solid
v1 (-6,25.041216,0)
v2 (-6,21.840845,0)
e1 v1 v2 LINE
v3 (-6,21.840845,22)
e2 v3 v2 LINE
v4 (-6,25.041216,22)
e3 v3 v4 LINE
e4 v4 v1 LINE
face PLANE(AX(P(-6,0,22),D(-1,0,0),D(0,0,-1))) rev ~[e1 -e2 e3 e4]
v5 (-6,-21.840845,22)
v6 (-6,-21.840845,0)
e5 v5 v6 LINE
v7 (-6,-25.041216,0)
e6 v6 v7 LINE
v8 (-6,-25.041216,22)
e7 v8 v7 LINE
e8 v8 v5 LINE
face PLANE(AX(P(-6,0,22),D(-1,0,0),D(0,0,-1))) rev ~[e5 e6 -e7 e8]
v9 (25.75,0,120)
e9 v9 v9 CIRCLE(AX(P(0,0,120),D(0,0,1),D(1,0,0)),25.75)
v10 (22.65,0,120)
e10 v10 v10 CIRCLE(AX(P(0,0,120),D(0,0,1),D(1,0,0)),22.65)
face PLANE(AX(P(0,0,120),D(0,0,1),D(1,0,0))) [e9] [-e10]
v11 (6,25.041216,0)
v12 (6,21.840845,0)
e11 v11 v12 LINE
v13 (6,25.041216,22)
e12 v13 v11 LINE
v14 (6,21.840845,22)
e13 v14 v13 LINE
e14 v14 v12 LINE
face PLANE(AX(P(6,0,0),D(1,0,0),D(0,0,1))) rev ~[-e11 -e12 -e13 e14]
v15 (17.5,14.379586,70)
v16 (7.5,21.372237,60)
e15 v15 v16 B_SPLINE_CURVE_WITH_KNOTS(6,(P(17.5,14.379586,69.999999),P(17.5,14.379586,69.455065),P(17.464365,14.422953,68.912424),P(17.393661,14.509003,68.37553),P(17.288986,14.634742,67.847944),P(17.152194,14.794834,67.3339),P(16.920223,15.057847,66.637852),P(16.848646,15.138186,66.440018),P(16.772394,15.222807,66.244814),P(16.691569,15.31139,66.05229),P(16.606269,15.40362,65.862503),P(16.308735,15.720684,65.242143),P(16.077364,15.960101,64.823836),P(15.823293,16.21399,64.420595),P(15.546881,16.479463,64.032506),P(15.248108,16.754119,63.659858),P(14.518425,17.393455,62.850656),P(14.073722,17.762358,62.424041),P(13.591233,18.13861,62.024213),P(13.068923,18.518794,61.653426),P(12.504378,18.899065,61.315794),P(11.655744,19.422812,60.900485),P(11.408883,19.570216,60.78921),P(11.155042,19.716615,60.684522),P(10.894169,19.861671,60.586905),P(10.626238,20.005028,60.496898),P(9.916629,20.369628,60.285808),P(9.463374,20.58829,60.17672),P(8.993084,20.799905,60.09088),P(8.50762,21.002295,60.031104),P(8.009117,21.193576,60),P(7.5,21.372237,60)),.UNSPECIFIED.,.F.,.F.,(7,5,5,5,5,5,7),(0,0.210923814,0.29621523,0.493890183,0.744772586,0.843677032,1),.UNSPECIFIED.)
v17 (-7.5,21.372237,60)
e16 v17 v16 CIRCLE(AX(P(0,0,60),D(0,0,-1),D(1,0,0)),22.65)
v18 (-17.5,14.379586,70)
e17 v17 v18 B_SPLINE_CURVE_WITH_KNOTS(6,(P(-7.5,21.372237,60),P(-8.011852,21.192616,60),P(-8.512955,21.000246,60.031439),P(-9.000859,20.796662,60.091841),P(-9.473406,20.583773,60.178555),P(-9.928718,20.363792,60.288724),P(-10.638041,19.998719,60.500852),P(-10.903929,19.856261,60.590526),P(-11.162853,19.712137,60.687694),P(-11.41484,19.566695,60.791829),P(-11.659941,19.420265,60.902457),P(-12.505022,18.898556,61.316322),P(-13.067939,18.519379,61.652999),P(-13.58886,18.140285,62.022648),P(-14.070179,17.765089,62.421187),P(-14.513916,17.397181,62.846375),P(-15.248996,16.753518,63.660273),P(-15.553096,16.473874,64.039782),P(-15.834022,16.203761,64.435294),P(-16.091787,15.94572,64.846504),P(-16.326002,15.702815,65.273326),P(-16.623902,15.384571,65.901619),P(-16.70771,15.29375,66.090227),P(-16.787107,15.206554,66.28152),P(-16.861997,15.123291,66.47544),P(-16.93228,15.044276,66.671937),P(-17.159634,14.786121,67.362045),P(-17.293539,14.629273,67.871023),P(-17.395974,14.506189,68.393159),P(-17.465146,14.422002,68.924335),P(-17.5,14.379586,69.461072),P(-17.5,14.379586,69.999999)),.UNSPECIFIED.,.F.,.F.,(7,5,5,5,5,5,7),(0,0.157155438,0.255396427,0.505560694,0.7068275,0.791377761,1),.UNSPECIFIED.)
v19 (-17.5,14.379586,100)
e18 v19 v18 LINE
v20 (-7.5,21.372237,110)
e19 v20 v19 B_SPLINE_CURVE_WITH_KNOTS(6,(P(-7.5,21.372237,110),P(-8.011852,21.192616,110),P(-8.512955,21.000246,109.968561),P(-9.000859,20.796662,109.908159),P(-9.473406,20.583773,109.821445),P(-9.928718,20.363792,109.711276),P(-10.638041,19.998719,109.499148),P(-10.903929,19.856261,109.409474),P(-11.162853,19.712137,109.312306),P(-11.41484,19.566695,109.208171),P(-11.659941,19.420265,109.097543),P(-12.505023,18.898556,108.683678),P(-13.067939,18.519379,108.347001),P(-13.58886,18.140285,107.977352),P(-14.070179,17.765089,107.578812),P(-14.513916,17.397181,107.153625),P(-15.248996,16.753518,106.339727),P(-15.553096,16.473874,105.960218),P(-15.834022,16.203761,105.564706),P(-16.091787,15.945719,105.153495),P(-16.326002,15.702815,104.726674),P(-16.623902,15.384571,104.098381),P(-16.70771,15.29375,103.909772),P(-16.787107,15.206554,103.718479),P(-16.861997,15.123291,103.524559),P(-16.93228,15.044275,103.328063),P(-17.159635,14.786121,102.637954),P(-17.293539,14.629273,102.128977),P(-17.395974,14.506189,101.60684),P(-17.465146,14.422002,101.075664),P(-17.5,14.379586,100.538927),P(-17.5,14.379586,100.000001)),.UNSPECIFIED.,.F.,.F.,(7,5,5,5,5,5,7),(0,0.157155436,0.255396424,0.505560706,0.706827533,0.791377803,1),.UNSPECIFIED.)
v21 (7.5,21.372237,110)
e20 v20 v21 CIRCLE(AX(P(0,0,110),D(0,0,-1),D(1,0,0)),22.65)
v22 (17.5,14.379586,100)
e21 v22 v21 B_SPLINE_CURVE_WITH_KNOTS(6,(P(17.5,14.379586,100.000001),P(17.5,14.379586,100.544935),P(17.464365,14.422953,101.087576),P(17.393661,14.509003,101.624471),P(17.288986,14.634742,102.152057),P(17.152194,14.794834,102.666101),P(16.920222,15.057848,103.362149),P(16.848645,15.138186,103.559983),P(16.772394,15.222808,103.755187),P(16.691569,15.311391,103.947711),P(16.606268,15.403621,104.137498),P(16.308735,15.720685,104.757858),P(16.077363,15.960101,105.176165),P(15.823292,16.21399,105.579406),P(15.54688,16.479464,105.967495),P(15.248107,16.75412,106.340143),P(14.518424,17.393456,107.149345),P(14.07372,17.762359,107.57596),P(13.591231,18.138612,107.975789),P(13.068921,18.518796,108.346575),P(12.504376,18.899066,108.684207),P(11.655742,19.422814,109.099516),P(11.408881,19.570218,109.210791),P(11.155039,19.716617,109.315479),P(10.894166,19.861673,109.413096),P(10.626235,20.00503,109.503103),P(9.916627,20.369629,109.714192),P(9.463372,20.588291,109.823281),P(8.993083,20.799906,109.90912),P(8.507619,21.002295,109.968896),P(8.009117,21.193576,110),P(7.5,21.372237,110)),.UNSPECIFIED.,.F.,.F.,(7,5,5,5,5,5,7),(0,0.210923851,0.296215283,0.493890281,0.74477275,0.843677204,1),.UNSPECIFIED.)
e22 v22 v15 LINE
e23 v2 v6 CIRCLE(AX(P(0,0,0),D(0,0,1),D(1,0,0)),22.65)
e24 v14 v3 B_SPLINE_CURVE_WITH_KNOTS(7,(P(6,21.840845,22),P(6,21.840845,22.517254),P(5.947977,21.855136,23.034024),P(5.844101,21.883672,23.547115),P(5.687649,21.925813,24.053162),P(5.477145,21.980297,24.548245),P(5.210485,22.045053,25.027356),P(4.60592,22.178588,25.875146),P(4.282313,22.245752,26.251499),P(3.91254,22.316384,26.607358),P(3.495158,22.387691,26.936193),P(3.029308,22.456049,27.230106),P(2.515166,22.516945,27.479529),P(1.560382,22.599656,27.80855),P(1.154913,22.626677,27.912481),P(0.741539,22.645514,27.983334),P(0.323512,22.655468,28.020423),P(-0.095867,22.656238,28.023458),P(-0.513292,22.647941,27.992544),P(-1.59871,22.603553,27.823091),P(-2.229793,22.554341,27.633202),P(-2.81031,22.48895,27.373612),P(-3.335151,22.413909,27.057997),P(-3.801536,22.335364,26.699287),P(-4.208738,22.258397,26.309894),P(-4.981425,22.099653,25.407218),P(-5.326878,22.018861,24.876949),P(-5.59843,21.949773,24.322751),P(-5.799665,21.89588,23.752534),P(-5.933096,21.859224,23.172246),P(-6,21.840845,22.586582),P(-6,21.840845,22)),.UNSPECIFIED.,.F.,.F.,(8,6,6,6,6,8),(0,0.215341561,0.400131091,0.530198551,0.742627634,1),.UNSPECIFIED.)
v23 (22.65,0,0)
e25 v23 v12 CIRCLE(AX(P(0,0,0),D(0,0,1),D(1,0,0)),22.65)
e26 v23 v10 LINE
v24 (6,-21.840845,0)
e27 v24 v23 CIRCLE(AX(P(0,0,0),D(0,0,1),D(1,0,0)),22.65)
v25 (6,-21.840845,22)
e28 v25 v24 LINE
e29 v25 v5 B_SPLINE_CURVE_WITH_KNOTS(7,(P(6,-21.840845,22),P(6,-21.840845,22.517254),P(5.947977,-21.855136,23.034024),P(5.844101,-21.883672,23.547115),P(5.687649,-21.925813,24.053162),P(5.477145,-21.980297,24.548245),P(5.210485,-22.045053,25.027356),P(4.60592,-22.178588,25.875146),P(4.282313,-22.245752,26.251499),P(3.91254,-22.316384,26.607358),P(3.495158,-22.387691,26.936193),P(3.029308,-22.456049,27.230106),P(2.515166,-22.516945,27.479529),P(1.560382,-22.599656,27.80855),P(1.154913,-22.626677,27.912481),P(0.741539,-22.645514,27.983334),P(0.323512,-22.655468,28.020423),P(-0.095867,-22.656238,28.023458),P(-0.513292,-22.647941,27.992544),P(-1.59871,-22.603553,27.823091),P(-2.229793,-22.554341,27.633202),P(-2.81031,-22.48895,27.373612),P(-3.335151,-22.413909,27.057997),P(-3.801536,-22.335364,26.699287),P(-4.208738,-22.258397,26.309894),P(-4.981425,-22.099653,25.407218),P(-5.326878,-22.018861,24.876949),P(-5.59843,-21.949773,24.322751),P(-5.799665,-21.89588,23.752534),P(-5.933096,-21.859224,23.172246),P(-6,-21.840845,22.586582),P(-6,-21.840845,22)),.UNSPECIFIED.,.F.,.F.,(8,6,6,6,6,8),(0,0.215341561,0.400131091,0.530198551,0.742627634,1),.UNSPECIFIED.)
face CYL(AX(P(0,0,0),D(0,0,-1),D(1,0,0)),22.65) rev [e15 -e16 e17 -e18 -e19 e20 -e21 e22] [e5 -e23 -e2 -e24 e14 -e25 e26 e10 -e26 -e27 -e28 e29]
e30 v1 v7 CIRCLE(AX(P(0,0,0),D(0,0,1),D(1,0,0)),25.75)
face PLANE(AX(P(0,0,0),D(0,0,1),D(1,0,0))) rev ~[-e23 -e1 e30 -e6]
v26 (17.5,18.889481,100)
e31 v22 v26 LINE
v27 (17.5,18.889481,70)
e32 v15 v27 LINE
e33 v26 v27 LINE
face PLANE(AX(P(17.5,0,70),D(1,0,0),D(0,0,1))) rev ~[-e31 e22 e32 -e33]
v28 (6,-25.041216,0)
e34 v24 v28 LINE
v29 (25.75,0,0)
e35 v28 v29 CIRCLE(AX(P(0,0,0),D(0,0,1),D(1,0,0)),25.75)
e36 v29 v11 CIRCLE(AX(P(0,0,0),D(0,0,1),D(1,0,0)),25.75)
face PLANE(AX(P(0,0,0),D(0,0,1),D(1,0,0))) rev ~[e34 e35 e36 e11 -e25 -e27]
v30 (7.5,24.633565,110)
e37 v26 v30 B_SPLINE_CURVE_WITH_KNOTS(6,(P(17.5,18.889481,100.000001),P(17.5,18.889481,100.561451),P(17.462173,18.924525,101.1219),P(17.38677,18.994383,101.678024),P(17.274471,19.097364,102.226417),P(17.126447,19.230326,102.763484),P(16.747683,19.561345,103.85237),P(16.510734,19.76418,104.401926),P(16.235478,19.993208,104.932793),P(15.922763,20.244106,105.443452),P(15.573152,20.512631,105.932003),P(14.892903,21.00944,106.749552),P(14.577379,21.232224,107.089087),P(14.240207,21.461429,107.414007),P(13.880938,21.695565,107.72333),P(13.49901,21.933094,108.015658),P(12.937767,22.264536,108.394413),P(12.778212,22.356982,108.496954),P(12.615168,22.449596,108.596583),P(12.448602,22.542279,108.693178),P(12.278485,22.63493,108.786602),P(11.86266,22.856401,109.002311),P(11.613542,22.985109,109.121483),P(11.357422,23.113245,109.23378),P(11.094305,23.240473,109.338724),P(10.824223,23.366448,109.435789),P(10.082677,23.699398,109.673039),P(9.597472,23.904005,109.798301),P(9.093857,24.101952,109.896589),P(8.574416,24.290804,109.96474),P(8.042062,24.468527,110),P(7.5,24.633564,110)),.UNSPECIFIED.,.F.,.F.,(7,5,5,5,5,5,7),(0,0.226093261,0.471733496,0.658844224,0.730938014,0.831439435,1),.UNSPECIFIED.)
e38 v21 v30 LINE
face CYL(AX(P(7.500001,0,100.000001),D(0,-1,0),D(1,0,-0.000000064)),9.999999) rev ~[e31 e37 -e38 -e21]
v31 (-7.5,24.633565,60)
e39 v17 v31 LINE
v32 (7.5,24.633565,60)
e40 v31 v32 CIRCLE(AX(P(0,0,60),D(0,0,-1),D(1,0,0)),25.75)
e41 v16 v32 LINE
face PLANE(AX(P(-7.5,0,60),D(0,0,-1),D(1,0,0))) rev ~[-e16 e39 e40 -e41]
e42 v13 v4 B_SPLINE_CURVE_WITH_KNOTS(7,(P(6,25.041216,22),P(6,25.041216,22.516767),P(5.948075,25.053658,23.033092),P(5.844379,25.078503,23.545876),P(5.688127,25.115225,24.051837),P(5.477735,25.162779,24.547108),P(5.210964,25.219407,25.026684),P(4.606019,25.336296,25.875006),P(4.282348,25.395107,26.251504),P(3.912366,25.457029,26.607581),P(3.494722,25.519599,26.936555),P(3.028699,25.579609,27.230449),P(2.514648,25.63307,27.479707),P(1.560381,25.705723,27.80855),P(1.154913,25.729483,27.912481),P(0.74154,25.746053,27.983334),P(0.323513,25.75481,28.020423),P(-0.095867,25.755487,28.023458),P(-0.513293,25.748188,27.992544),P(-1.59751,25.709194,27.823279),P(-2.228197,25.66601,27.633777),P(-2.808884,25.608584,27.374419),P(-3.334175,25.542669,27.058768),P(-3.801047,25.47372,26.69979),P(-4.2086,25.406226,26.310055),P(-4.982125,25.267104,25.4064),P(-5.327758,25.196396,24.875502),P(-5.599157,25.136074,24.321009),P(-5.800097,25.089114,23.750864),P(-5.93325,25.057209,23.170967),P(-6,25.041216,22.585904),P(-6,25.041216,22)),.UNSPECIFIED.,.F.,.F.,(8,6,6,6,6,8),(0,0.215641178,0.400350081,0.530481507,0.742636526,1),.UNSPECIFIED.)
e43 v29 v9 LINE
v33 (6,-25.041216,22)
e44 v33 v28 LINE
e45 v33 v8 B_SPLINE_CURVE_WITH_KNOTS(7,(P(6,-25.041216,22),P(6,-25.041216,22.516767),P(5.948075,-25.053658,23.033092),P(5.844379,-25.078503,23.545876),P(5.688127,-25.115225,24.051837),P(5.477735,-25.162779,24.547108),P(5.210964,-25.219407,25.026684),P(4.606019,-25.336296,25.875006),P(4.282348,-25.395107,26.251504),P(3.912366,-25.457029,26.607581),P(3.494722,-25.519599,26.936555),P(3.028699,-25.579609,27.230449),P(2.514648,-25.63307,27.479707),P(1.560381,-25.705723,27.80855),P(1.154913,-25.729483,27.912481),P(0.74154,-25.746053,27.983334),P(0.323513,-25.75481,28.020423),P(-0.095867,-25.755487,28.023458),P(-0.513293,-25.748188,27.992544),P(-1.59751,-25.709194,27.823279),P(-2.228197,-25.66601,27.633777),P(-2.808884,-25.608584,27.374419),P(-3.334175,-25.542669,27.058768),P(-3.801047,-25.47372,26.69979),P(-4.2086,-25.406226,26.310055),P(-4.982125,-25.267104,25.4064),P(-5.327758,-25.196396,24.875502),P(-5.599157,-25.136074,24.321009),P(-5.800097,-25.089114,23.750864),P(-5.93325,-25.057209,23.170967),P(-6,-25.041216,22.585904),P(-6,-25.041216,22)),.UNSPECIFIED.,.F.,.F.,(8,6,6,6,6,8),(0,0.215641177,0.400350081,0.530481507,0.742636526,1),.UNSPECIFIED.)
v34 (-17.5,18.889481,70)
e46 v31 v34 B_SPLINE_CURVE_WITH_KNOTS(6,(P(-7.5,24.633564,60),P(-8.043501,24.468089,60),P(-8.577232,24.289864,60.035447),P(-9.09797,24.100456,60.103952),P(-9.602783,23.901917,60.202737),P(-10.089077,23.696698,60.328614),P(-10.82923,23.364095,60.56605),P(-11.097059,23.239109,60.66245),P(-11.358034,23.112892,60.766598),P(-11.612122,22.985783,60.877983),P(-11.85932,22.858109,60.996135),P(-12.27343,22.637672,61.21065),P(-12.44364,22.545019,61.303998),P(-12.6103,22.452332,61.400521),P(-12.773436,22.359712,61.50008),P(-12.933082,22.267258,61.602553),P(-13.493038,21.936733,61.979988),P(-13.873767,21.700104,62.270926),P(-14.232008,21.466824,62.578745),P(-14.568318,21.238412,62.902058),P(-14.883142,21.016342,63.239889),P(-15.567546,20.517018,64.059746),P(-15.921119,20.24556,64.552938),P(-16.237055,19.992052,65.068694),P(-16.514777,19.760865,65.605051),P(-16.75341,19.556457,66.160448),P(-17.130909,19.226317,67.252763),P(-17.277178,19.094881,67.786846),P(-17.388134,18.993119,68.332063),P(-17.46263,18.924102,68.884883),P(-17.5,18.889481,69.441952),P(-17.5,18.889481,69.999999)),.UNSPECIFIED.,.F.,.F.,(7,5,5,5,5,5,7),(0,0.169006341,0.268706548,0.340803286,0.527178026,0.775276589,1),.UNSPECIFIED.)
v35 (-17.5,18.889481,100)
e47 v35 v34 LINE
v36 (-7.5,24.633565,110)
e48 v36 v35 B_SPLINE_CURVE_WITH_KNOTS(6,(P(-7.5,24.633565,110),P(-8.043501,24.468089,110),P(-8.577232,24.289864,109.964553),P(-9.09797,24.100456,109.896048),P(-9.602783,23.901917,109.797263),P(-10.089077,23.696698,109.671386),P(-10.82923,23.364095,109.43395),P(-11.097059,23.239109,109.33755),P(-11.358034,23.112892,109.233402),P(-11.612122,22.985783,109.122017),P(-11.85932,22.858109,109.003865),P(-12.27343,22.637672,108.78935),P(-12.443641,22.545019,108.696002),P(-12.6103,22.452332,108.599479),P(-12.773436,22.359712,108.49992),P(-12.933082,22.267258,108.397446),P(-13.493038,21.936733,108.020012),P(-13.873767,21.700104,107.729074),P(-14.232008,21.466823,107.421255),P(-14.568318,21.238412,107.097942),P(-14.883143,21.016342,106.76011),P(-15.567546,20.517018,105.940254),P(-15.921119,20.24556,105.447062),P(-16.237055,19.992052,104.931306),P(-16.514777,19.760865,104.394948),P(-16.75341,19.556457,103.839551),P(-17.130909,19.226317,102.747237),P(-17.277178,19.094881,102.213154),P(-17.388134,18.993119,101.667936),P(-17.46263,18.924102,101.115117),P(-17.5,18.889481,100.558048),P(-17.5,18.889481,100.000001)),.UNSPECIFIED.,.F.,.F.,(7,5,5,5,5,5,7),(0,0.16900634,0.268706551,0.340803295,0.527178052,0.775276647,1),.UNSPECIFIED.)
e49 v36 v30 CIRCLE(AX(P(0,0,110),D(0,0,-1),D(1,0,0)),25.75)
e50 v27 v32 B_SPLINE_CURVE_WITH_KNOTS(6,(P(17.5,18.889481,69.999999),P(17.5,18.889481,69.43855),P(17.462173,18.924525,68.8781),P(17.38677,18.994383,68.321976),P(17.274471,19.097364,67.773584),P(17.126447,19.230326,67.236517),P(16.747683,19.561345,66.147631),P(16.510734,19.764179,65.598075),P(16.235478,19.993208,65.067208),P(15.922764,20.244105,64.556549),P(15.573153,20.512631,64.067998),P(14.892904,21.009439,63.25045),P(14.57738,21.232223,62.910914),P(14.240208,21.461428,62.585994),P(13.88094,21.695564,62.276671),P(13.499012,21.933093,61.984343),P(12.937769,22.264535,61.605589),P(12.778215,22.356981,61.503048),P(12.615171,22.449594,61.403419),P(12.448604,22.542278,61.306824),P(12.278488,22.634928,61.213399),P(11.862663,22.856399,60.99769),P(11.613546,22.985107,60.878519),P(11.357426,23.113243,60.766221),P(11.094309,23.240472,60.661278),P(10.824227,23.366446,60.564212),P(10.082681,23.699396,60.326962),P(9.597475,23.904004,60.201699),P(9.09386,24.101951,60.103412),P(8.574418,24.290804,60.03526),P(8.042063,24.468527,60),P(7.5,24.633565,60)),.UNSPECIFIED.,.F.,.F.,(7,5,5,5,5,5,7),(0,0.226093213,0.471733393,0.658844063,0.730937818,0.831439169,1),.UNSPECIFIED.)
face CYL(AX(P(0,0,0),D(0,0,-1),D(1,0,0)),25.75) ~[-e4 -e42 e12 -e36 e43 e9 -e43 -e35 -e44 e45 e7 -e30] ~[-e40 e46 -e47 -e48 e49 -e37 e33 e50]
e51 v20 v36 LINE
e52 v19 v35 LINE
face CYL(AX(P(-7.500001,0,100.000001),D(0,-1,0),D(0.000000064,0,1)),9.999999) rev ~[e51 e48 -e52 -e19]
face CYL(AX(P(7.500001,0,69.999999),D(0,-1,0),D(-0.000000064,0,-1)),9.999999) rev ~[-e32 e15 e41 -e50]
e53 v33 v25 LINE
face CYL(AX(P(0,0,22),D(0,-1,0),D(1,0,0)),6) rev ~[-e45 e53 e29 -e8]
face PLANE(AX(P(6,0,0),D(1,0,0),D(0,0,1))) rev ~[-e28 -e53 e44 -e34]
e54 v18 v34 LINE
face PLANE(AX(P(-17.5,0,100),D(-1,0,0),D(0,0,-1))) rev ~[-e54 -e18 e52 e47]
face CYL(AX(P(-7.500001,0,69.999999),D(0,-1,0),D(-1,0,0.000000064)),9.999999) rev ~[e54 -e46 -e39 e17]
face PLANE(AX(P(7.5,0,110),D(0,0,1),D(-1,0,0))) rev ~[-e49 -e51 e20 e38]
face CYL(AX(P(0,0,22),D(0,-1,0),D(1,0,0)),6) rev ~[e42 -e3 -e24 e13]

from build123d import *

# Parameters (mm, degrees)
F0_R     = 25.75
F0_R_2   = 22.65
F1_DEPTH = 120
F3_DEPTH = 25.751
F4_DEPTH = 30


with BuildPart() as f1:
    # F0 (on Top) → F1 (new body)
    with BuildSketch(Plane.XY):
        Circle(F0_R)
        Circle(F0_R_2, mode=Mode.SUBTRACT)
    extrude(amount=F1_DEPTH)

    # F2 (on Front) → F3 (cut, through all)
    with BuildSketch(Plane.XZ):
        with BuildLine():
            Line((7.5, 110), (-7.5, 110))
            ThreePointArc((-7.5, 110), (-14.571068, 107.071068), (-17.5, 100))
            Line((-17.5, 100), (-17.5, 70))
            ThreePointArc((-17.5, 70), (-14.571068, 62.928932), (-7.5, 60))
            Line((-7.5, 60), (7.5, 60))
            ThreePointArc((7.5, 60), (14.571068, 62.928932), (17.5, 70))
            Line((17.5, 70), (17.5, 100))
            ThreePointArc((17.5, 100), (14.571068, 107.071068), (7.5, 110))
        make_face()
    extrude(amount=-F3_DEPTH, mode=Mode.SUBTRACT)

    # F2 (on Front) → F4 (cut, symmetric)
    with BuildSketch(Plane.XZ):
        with BuildLine():
            Line((-6, 22), (-6, 0))
            Line((-6, 0), (6, 0))
            Line((6, 0), (6, 22))
            ThreePointArc((6, 22), (0, 28), (-6, 22))
        make_face()
    extrude(amount=F4_DEPTH, both=True, mode=Mode.SUBTRACT)


solid = f1.part
